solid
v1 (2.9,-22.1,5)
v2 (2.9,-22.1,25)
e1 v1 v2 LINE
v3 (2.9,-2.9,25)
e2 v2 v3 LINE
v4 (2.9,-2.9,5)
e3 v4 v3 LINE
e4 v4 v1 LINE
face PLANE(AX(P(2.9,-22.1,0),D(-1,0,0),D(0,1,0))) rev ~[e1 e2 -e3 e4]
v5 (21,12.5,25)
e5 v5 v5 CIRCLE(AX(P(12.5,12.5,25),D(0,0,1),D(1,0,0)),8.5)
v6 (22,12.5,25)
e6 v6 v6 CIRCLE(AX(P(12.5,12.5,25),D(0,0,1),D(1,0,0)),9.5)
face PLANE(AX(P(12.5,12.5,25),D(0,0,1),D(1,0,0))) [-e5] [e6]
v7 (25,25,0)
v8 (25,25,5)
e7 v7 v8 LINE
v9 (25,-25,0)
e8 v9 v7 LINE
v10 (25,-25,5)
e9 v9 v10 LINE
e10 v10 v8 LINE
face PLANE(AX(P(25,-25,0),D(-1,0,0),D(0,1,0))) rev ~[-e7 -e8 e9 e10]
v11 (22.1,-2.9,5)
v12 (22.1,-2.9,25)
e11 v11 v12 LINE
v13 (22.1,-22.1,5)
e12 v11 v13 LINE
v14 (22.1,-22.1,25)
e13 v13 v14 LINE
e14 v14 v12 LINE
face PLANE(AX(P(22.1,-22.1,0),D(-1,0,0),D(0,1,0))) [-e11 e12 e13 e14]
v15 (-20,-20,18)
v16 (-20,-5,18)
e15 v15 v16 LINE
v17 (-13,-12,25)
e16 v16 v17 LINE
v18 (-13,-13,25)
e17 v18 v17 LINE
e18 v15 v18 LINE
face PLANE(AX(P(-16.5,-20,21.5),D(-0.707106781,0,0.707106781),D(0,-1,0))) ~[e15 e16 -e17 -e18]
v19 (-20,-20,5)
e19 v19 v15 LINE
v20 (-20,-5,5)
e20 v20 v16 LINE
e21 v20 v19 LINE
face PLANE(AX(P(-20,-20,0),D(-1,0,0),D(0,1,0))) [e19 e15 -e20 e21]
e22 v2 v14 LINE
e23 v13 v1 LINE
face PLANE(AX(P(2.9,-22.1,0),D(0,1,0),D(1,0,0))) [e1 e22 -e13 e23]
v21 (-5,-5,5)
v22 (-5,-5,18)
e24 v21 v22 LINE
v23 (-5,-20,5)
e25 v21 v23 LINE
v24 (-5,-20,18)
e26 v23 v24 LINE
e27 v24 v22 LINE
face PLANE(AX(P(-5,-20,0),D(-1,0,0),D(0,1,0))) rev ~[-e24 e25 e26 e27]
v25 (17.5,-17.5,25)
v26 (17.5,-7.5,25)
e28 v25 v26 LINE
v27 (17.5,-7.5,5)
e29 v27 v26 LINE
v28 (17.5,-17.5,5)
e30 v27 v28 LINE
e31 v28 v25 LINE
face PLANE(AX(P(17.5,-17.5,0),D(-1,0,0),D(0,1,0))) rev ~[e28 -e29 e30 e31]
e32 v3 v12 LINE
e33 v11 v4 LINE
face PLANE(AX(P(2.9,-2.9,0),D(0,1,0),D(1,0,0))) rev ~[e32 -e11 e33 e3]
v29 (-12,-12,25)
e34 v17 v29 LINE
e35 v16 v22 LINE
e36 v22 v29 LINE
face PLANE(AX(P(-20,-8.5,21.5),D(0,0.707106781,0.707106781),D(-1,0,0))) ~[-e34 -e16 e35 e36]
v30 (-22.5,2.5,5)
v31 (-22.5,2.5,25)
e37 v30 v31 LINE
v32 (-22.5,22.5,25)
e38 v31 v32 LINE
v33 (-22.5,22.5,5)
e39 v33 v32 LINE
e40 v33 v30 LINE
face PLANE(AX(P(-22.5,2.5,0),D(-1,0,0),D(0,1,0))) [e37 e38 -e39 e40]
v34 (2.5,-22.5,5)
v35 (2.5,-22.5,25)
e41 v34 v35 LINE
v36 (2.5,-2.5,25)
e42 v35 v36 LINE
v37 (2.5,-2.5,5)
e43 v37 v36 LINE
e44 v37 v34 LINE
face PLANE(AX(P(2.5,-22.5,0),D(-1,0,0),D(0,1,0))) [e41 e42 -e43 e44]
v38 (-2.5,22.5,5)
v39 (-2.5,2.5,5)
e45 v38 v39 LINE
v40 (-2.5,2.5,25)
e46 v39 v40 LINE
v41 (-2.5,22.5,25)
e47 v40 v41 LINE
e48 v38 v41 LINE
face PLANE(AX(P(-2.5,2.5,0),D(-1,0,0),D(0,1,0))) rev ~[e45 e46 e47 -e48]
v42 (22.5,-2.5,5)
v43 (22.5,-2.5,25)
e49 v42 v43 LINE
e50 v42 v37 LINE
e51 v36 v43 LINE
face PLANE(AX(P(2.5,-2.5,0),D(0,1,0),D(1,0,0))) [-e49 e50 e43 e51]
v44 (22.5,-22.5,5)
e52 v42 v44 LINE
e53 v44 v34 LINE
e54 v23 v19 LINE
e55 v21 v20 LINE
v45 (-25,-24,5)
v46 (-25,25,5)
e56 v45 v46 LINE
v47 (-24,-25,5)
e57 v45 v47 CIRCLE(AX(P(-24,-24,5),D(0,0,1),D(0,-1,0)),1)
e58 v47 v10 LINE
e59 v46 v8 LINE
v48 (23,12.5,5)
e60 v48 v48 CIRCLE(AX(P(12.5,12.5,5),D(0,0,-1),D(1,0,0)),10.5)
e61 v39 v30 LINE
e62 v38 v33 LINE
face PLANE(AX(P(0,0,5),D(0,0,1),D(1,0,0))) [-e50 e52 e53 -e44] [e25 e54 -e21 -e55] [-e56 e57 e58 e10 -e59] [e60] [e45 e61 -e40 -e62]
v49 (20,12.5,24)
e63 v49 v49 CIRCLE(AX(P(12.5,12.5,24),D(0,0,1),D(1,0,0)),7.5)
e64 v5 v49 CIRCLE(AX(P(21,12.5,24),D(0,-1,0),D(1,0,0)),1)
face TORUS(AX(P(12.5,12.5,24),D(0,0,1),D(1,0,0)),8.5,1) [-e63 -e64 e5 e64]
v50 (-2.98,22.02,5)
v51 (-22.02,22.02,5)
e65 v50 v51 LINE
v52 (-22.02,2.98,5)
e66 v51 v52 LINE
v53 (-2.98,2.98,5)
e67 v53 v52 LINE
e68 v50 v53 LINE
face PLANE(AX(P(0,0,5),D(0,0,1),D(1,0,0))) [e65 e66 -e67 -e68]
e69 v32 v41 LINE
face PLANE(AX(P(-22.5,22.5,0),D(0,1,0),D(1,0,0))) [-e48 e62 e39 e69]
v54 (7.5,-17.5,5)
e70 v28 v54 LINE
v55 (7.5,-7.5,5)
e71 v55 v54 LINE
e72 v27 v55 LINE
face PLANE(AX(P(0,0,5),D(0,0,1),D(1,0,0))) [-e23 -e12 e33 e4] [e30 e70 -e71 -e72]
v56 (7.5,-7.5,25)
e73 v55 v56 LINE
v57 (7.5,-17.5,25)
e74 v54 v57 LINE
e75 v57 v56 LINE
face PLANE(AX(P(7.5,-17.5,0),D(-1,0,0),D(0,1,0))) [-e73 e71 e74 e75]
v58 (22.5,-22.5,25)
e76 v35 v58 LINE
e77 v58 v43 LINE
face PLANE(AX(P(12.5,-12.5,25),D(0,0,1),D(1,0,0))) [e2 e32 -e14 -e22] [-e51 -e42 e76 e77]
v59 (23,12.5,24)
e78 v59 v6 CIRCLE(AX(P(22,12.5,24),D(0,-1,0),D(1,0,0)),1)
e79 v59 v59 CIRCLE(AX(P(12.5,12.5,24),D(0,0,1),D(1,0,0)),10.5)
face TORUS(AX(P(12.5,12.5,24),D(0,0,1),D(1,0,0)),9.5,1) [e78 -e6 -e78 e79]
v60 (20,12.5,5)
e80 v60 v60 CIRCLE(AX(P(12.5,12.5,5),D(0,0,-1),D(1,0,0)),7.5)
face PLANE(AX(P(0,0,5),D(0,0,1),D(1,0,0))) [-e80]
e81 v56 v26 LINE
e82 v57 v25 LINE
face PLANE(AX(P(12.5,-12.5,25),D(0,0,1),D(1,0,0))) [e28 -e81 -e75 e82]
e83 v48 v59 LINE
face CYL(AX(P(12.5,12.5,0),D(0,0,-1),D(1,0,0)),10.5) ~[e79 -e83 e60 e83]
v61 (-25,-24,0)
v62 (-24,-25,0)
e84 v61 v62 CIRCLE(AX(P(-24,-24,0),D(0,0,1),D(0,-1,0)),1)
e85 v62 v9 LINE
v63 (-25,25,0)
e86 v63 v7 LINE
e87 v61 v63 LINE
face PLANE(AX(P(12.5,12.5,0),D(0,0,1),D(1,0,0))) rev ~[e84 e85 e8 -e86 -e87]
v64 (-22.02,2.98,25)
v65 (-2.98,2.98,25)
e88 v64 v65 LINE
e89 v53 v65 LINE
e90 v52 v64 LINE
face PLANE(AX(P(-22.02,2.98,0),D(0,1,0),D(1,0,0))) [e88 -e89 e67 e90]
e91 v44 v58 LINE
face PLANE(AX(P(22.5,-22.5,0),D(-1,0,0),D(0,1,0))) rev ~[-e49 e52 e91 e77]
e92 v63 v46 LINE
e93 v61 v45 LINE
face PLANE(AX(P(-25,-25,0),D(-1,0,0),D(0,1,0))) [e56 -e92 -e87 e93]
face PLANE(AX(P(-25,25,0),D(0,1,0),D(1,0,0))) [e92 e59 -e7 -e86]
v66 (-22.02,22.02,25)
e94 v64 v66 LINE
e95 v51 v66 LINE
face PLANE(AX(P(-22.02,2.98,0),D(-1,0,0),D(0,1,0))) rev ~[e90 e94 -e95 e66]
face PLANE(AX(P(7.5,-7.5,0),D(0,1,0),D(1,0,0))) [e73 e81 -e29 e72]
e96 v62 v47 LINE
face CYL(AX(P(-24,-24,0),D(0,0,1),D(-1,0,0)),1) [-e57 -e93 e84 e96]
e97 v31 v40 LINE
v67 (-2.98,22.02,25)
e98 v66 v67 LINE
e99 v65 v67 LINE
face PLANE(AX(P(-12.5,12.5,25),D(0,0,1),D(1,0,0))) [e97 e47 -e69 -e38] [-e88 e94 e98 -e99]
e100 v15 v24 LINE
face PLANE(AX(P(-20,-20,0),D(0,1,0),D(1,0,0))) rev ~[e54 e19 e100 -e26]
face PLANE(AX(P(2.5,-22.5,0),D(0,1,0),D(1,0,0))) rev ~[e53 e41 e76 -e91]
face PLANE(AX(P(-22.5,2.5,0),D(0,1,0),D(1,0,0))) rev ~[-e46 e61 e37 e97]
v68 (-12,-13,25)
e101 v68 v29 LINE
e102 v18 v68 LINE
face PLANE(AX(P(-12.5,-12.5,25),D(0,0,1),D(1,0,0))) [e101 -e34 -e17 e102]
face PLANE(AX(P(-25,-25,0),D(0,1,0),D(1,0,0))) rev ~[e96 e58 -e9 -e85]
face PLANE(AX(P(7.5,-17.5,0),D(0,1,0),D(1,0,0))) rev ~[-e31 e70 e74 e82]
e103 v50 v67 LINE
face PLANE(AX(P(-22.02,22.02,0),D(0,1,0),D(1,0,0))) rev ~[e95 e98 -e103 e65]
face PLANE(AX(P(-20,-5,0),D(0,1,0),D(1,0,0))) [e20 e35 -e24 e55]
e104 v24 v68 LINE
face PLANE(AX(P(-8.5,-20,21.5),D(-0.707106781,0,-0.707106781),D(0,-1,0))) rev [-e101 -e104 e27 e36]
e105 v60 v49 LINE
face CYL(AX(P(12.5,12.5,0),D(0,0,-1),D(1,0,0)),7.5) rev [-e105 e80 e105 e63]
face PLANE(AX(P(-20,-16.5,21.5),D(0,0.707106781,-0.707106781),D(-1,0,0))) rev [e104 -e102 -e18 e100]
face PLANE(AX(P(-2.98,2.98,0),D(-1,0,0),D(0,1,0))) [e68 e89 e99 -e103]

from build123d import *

# Parameters (mm, degrees)
F0_W     = 50
F0_H     = 50
F0_W_2   = 15
F0_H_2   = 15
F0_W_3   = 20
F0_H_3   = 20
F0_R     = 10.5
F0_W_4   = 19.04
F0_H_4   = 19.04
F0_W_5   = 19.2
F0_H_5   = 19.2
F0_W_6   = 10
F0_H_6   = 10
F0_R_2   = 7.5
F1_DEPTH = 5
F2_DEPTH = 25
F3_DEPTH = 25
F4_DEPTH = 25
F5_DEPTH = 25
F6_R     = 1
F7_SIZE  = 7


with BuildPart() as f1:
    # F0 (on Top) → F1 (new body)
    with BuildSketch(Plane.XY):
        Rectangle(F0_W, F0_H)
        with Locations((-12.5, -12.5)):
            Rectangle(F0_W_2, F0_H_2, mode=Mode.SUBTRACT)
        with Locations((12.5, -12.5)):
            Rectangle(F0_W_3, F0_H_3, mode=Mode.SUBTRACT)
        with Locations((-12.5, 12.500000177)):
            Rectangle(F0_W_3, F0_H_3, mode=Mode.SUBTRACT)
        with Locations((12.5, 12.500000177)):
            Circle(F0_R, mode=Mode.SUBTRACT)
        with Locations((-12.5, 12.500000177)):
            Rectangle(F0_W_3, F0_H_3)
        with Locations((-12.5, 12.500000177)):
            Rectangle(F0_W_4, F0_H_4, mode=Mode.SUBTRACT)
        with Locations((12.5, -12.5)):
            Rectangle(F0_W_3, F0_H_3)
        with Locations((12.5, -12.5)):
            Rectangle(F0_W_5, F0_H_5, mode=Mode.SUBTRACT)
        with Locations((12.5, -12.5)):
            Rectangle(F0_W_5, F0_H_5)
        with Locations((12.5, -12.5)):
            Rectangle(F0_W_6, F0_H_6, mode=Mode.SUBTRACT)
        with Locations((-12.5, 12.500000177)):
            Rectangle(F0_W_4, F0_H_4)
        with Locations((12.5, 12.500000177)):
            Circle(F0_R)
        with Locations((12.5, 12.500000177)):
            Circle(F0_R_2, mode=Mode.SUBTRACT)
        with Locations((-12.5, -12.5)):
            Rectangle(F0_W_2, F0_H_2)
        with Locations((12.5, 12.500000177)):
            Circle(F0_R_2)
        with Locations((12.5, -12.5)):
            Rectangle(F0_W_6, F0_H_6)
    extrude(amount=F1_DEPTH)

    # F0 (on Top) → F2 (join)
    with BuildSketch(Plane.XY):
        with Locations((-12.5, 12.500000177)):
            Rectangle(F0_W_3, F0_H_3)
        with Locations((-12.5, 12.500000177)):
            Rectangle(F0_W_4, F0_H_4, mode=Mode.SUBTRACT)
    extrude(amount=F2_DEPTH)

    # F0 (on Top) → F3 (join)
    with BuildSketch(Plane.XY):
        with Locations((12.5, -12.5)):
            Rectangle(F0_W_3, F0_H_3)
        with Locations((12.5, -12.5)):
            Rectangle(F0_W_5, F0_H_5, mode=Mode.SUBTRACT)
        with Locations((12.5, -12.5)):
            Rectangle(F0_W_6, F0_H_6)
    extrude(amount=F3_DEPTH)

    # F0 (on Top) → F4 (join)
    with BuildSketch(Plane.XY):
        with Locations((-12.5, -12.5)):
            Rectangle(F0_W_2, F0_H_2)
    extrude(amount=F4_DEPTH)

    # F0 (on Top) → F5 (join)
    with BuildSketch(Plane.XY):
        with Locations((12.5, 12.500000177)):
            Circle(F0_R)
        with Locations((12.5, 12.500000177)):
            Circle(F0_R_2, mode=Mode.SUBTRACT)
    extrude(amount=F5_DEPTH)

    # F6
    f6_edges = [f1.edges().sort_by_distance(p)[0] for p in [
        (-25, -25, 2.5),
        (2, 12.5, 25),
        (5, 12.5, 25),
    ]]
    fillet(f6_edges, radius=F6_R)

    # F7
    f7_edges = [f1.edges().sort_by_distance(p)[0] for p in [
        (-12.5, -5, 25),
        (-20, -12.5, 25),
        (-12.5, -20, 25),
        (-5, -12.5, 25),
    ]]
    chamfer(f7_edges, length=F7_SIZE)


solid = f1.part
